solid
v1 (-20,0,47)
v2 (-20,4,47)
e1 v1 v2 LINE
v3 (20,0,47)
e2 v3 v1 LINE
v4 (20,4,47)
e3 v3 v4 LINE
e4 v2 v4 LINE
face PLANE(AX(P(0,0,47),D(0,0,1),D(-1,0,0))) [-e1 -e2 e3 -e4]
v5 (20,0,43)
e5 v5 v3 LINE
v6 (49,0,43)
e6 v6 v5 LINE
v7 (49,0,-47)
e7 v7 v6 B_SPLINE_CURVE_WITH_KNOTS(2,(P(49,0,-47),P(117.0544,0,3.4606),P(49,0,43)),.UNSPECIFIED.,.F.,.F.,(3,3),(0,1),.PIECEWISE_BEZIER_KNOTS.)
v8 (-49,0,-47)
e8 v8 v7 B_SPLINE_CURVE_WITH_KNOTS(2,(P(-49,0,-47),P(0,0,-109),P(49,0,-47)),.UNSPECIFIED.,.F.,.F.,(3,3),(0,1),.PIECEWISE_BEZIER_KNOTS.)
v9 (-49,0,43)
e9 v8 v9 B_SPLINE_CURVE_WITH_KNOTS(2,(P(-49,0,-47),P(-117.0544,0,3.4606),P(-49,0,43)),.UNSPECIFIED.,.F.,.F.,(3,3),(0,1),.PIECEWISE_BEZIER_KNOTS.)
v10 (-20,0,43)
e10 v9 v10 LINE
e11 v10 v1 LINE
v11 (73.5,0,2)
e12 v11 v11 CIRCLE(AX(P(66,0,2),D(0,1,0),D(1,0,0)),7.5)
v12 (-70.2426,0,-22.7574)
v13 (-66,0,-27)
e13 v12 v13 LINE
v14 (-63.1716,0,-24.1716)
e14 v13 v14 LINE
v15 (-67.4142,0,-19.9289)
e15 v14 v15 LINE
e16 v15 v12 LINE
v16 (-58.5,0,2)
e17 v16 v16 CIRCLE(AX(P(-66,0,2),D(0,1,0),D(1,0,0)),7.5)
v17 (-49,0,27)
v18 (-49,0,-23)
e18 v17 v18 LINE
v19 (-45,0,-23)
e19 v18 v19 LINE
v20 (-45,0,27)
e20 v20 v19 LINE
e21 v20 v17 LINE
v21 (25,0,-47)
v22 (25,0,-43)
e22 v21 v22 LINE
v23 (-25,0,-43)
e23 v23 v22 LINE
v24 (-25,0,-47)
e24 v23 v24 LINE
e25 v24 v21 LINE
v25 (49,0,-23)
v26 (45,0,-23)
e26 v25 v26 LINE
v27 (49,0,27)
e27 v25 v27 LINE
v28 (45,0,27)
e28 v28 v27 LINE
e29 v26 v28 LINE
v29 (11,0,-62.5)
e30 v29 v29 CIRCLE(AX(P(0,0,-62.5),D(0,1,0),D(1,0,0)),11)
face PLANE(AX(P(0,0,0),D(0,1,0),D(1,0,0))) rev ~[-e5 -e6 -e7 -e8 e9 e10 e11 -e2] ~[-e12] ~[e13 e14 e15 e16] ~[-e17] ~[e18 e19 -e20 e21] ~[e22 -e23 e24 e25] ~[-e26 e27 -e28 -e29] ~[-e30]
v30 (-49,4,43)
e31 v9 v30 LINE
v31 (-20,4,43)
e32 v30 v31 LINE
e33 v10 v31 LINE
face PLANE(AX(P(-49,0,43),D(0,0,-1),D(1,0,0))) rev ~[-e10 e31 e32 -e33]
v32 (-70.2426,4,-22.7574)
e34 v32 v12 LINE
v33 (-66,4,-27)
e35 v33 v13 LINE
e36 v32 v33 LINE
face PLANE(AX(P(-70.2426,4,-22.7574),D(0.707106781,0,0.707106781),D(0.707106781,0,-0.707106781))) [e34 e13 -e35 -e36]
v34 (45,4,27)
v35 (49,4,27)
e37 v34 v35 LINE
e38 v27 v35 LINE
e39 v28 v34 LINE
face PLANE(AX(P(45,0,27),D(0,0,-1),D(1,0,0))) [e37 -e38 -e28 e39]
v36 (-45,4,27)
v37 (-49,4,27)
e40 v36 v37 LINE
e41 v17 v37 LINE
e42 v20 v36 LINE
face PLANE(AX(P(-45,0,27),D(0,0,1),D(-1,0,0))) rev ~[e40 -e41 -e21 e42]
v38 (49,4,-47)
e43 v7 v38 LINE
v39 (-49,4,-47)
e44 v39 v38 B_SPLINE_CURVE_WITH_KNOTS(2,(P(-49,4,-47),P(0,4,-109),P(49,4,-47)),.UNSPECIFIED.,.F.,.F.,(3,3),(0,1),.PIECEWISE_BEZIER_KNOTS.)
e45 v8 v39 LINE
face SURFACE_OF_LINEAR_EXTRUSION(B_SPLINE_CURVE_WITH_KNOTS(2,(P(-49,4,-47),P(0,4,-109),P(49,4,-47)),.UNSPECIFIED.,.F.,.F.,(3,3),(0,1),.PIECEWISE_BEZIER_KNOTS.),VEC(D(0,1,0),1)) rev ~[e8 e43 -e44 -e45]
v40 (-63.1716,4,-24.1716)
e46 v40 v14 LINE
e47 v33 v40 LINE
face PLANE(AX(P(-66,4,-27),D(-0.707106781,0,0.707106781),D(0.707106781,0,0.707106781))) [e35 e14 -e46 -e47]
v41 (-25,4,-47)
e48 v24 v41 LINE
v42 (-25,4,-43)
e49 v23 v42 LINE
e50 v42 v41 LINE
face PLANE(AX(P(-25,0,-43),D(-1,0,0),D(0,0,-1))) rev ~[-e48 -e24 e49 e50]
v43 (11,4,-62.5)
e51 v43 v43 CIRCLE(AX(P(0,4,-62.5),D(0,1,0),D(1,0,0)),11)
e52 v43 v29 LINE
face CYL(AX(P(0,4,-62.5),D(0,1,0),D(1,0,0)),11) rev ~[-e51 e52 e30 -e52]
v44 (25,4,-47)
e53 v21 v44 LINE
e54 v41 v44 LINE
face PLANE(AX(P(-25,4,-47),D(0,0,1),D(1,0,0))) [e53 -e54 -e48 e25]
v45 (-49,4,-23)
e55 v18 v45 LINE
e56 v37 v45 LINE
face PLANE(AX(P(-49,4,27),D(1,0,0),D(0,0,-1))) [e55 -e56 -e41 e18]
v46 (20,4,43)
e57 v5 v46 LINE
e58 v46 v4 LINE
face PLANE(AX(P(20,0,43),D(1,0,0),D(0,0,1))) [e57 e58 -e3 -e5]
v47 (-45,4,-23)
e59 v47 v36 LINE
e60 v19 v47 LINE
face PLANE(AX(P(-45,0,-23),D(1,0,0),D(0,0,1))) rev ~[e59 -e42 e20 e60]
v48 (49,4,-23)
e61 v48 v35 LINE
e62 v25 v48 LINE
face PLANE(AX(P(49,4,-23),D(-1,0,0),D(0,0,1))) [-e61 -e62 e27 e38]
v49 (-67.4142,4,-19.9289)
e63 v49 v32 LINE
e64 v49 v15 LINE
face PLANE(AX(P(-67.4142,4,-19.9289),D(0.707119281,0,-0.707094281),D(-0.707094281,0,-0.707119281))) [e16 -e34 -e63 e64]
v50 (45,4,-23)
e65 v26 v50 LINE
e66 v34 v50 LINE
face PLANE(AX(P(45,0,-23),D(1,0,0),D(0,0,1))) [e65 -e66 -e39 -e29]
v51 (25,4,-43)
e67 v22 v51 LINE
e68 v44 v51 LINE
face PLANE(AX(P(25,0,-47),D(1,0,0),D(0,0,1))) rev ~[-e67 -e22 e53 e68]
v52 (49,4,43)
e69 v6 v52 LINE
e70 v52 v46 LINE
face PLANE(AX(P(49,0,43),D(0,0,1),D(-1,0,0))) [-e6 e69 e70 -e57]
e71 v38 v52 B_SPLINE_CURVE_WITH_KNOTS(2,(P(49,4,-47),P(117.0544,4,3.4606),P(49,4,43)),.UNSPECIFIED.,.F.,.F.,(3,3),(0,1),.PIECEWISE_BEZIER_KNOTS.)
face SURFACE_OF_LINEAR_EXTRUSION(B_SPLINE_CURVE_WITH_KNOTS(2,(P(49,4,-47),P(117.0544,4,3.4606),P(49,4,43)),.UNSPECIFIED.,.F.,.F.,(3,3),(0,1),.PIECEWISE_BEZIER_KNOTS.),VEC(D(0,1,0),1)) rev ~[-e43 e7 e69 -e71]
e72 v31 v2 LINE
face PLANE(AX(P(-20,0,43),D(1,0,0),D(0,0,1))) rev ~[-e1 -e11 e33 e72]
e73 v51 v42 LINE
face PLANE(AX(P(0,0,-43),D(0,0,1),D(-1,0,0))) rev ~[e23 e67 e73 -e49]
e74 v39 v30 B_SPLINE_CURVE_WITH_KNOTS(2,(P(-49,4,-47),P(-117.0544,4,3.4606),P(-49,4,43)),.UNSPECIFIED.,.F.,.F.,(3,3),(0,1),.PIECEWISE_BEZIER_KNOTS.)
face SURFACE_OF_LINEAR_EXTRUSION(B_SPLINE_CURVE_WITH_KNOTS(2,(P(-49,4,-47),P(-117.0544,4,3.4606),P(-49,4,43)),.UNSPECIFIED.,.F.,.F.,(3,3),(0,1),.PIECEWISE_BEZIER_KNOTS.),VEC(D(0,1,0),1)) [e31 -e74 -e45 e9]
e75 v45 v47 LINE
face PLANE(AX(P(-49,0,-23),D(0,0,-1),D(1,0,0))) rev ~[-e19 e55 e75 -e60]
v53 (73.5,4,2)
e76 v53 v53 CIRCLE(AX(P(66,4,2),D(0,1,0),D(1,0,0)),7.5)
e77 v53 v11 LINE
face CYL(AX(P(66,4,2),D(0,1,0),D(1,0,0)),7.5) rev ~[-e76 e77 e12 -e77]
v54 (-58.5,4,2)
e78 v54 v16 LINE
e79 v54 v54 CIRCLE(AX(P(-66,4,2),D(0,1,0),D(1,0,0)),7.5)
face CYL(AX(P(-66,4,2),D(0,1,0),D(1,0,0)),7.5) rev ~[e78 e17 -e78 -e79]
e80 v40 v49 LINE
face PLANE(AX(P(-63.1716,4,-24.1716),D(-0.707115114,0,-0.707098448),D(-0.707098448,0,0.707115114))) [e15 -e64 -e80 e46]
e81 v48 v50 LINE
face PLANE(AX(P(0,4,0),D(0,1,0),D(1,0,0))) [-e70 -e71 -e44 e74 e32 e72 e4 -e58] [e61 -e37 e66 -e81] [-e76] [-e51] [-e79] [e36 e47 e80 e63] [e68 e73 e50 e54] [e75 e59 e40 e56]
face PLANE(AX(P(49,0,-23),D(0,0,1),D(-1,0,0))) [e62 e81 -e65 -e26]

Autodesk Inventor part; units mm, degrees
ref_plane "YZ Plane" through (0, 0, 0) normal (1, 0, 0) x (0, 1, 0)
ref_plane "XZ Plane" through (0, 0, 0) normal (0, 1, 0) x (-1, 0, 0)
ref_plane "XY Plane" through (0, 0, 0) normal (0, 0, 1) x (1, 0, 0)
sketch "Sketch2" plane through (0, 0, 0) normal (0, 1, 0) x (-1, 0, 0)
  line L0 (-49, 47) -> (-20, 47) construction
  line L1 (49, 47) -> (49, -47) construction
  line L2 (49, -47) -> (-49, -47)
  line L3 (-49, -47) -> (-49, 47) construction
  line L4 (-49, 47) -> (49, -47) construction
  line L5 (49, 47) -> (-49, -47) construction
  line L6 (49, -23) -> (45, -23)
  line L7 (45, -23) -> (45, 27)
  line L8 (45, 27) -> (49, 27)
  line L9 (49, 27) -> (49, -23)
  line L10 (-49, -23) -> (-45, -23)
  line L11 (-45, -23) -> (-45, 27)
  line L12 (-45, 27) -> (-49, 27)
  line L13 (-49, 27) -> (-49, -23)
  line L14 (25, -47) -> (-25, -47)
  line L15 (-25, -47) -> (-25, -43)
  line L16 (-25, -43) -> (25, -43)
  line L17 (25, -43) -> (25, -47)
  line L18 (0, -47) -> (0, 47)
  line L19 (49, 0) -> (-49, 0)
  line L20 (49, 2) -> (-45, 2) construction
  line L21 (20, 47) -> (0, 47) construction
  line L22 (-20, 47) -> (-20, 51) construction
  line L23 (-20, 51) -> (20, 51) construction
  line L24 (20, 51) -> (20, 47) construction
  line L25 (-20, 47) -> (20, 47)
  line L26 (0, 47) -> (-20, 47) construction
  line L27 (20, 47) -> (49, 47) construction
  line L28 (49, 43) -> (20, 43)
  line L29 (20, 43) -> (20, 47)
  line L30 (-49, 43) -> (-20, 43)
  line L31 (-20, 43) -> (-20, 47)
  line L32 (49, 43) -> (49, 27)
  line L33 (-49, 43) -> (-49, 27)
  line L34 (-49, -23) -> (-49, -47)
  line L35 (49, -23) -> (49, -47)
  point P0 (0, 0)
  point P1 (49, 27)
  point P2 (-49, 27)
  point P3 (0, 0)
  point P4 (0, 0)
  dimension "d7" = 98
  dimension "d8" = 94
  dimension "d5" = 4
  dimension "d6" = 50
  dimension "d3" = 4
  dimension "d4" = 50
  dimension "d1" = 50
  dimension "d2" = 4
  dimension "d0" = 2
  dimension "d27" = 4
  dimension "d28" = 40
  dimension "d31" = 4
extrude "Extrusion1" add sketch "Sketch2" along normal blind 4 contours L2 L17 L16 L18 L19 L7 L6 L35 | L2 L34 L10 L11 L19 L18 L16 L15 | L19 L18 L25 L29 L28 L32 L8 L7 | L19 L11 L12 L33 L30 L31 L25 L18
sketch "Sketch3" plane through (0, 4, 0) normal (0, 1, 0) x (1, 0, 0)
  circle A0 centre (0, 62.5) radius 11
  spline S0 degree 2 poles (-49, 47) (0, 109) (49, 47) knots 0 0 0 1 1 1
  circle A1 centre (66, -2) radius 7.5
  spline S1 degree 2 poles (49, 47) (117.0544, -3.4606) (49, -43) knots 0 0 0 1 1 1
  line L0 (0, 43) -> (0, -53.479) construction
  circle A2 centre (-66, -2) radius 7.5
  spline S2 degree 2 poles (-49, 47) (-117.0544, -3.4606) (-49, -43) knots 0 0 0 1 1 1
  line L1 (-66, 27) -> (-63.1716, 24.1716)
  line L2 (-63.1716, 24.1716) -> (-67.4142, 19.9289)
  line L3 (-67.4142, 19.9289) -> (-70.2426, 22.7574)
  line L4 (-70.2426, 22.7574) -> (-66, 27)
  line L5 (-20, -47) -> (-20, -51)
  line L6 (-20, -51) -> (20, -51)
  line L7 (20, -51) -> (20, -47)
  line L8 (49, 47) -> (25, 47) construction
  line L9 (25, 47) -> (25, 43) projected
  line L10 (25, 43) -> (-25, 43) projected
  line L11 (-25, 43) -> (-25, 47) projected
  line L12 (-25, 47) -> (-49, 47) construction
  line L13 (-49, 47) -> (-49, 23) construction
  line L14 (-49, 23) -> (-45, 23) projected
  line L15 (-45, 23) -> (-45, -27) projected
  line L16 (-45, -27) -> (-49, -27) projected
  line L17 (-49, -27) -> (-49, -43) construction
  line L18 (-49, -43) -> (-20, -43) projected
  line L19 (-20, -43) -> (-20, -47) projected
  line L20 (-20, -47) -> (20, -47) projected
  line L21 (20, -47) -> (20, -43) projected
  line L22 (20, -43) -> (49, -43) projected
  line L23 (49, -43) -> (49, -27) construction
  line L24 (49, -27) -> (45, -27) projected
  line L25 (45, -27) -> (45, 23) projected
  line L26 (45, 23) -> (49, 23) projected
  line L27 (49, 23) -> (49, 47) construction
  line L28 (-25, 43) -> (-25, 47) projected
  line L29 (-25, 47) -> (25, 47)
  line L30 (49, 23) -> (49, -27)
  line L31 (-49, 47) -> (-49, 23) construction
  line L32 (-49, -27) -> (-49, 23)
  line L33 (-45, 23) -> (-45, -27) construction
  line L34 (-45, -2) -> (45, -2) construction
  point P0 (0, 0)
  point P1 (0, 78)
  point P2 (83, -2)
  point P3 (-83, -2)
  point P4 (-49, -2)
  dimension "d12" = 22
  dimension "d14" = 15.5
  dimension "d18" = 15
  dimension "d19" = 17
  dimension "d21" = 6
  dimension "d22" = 4
  dimension "d29" = 20
  dimension "d33" = 15.5
  dimension "d34" = 17
  dimension "d35" = 4
  dimension "d36" = 45
  dimension "d37" = 17
extrude "Extrusion2" add sketch "Sketch3" against normal blind 4 contours S0 S1 L22 L21 L20 L19 L18 S2
properties part number "CarTop_V3" material "Wood (Oak)"
